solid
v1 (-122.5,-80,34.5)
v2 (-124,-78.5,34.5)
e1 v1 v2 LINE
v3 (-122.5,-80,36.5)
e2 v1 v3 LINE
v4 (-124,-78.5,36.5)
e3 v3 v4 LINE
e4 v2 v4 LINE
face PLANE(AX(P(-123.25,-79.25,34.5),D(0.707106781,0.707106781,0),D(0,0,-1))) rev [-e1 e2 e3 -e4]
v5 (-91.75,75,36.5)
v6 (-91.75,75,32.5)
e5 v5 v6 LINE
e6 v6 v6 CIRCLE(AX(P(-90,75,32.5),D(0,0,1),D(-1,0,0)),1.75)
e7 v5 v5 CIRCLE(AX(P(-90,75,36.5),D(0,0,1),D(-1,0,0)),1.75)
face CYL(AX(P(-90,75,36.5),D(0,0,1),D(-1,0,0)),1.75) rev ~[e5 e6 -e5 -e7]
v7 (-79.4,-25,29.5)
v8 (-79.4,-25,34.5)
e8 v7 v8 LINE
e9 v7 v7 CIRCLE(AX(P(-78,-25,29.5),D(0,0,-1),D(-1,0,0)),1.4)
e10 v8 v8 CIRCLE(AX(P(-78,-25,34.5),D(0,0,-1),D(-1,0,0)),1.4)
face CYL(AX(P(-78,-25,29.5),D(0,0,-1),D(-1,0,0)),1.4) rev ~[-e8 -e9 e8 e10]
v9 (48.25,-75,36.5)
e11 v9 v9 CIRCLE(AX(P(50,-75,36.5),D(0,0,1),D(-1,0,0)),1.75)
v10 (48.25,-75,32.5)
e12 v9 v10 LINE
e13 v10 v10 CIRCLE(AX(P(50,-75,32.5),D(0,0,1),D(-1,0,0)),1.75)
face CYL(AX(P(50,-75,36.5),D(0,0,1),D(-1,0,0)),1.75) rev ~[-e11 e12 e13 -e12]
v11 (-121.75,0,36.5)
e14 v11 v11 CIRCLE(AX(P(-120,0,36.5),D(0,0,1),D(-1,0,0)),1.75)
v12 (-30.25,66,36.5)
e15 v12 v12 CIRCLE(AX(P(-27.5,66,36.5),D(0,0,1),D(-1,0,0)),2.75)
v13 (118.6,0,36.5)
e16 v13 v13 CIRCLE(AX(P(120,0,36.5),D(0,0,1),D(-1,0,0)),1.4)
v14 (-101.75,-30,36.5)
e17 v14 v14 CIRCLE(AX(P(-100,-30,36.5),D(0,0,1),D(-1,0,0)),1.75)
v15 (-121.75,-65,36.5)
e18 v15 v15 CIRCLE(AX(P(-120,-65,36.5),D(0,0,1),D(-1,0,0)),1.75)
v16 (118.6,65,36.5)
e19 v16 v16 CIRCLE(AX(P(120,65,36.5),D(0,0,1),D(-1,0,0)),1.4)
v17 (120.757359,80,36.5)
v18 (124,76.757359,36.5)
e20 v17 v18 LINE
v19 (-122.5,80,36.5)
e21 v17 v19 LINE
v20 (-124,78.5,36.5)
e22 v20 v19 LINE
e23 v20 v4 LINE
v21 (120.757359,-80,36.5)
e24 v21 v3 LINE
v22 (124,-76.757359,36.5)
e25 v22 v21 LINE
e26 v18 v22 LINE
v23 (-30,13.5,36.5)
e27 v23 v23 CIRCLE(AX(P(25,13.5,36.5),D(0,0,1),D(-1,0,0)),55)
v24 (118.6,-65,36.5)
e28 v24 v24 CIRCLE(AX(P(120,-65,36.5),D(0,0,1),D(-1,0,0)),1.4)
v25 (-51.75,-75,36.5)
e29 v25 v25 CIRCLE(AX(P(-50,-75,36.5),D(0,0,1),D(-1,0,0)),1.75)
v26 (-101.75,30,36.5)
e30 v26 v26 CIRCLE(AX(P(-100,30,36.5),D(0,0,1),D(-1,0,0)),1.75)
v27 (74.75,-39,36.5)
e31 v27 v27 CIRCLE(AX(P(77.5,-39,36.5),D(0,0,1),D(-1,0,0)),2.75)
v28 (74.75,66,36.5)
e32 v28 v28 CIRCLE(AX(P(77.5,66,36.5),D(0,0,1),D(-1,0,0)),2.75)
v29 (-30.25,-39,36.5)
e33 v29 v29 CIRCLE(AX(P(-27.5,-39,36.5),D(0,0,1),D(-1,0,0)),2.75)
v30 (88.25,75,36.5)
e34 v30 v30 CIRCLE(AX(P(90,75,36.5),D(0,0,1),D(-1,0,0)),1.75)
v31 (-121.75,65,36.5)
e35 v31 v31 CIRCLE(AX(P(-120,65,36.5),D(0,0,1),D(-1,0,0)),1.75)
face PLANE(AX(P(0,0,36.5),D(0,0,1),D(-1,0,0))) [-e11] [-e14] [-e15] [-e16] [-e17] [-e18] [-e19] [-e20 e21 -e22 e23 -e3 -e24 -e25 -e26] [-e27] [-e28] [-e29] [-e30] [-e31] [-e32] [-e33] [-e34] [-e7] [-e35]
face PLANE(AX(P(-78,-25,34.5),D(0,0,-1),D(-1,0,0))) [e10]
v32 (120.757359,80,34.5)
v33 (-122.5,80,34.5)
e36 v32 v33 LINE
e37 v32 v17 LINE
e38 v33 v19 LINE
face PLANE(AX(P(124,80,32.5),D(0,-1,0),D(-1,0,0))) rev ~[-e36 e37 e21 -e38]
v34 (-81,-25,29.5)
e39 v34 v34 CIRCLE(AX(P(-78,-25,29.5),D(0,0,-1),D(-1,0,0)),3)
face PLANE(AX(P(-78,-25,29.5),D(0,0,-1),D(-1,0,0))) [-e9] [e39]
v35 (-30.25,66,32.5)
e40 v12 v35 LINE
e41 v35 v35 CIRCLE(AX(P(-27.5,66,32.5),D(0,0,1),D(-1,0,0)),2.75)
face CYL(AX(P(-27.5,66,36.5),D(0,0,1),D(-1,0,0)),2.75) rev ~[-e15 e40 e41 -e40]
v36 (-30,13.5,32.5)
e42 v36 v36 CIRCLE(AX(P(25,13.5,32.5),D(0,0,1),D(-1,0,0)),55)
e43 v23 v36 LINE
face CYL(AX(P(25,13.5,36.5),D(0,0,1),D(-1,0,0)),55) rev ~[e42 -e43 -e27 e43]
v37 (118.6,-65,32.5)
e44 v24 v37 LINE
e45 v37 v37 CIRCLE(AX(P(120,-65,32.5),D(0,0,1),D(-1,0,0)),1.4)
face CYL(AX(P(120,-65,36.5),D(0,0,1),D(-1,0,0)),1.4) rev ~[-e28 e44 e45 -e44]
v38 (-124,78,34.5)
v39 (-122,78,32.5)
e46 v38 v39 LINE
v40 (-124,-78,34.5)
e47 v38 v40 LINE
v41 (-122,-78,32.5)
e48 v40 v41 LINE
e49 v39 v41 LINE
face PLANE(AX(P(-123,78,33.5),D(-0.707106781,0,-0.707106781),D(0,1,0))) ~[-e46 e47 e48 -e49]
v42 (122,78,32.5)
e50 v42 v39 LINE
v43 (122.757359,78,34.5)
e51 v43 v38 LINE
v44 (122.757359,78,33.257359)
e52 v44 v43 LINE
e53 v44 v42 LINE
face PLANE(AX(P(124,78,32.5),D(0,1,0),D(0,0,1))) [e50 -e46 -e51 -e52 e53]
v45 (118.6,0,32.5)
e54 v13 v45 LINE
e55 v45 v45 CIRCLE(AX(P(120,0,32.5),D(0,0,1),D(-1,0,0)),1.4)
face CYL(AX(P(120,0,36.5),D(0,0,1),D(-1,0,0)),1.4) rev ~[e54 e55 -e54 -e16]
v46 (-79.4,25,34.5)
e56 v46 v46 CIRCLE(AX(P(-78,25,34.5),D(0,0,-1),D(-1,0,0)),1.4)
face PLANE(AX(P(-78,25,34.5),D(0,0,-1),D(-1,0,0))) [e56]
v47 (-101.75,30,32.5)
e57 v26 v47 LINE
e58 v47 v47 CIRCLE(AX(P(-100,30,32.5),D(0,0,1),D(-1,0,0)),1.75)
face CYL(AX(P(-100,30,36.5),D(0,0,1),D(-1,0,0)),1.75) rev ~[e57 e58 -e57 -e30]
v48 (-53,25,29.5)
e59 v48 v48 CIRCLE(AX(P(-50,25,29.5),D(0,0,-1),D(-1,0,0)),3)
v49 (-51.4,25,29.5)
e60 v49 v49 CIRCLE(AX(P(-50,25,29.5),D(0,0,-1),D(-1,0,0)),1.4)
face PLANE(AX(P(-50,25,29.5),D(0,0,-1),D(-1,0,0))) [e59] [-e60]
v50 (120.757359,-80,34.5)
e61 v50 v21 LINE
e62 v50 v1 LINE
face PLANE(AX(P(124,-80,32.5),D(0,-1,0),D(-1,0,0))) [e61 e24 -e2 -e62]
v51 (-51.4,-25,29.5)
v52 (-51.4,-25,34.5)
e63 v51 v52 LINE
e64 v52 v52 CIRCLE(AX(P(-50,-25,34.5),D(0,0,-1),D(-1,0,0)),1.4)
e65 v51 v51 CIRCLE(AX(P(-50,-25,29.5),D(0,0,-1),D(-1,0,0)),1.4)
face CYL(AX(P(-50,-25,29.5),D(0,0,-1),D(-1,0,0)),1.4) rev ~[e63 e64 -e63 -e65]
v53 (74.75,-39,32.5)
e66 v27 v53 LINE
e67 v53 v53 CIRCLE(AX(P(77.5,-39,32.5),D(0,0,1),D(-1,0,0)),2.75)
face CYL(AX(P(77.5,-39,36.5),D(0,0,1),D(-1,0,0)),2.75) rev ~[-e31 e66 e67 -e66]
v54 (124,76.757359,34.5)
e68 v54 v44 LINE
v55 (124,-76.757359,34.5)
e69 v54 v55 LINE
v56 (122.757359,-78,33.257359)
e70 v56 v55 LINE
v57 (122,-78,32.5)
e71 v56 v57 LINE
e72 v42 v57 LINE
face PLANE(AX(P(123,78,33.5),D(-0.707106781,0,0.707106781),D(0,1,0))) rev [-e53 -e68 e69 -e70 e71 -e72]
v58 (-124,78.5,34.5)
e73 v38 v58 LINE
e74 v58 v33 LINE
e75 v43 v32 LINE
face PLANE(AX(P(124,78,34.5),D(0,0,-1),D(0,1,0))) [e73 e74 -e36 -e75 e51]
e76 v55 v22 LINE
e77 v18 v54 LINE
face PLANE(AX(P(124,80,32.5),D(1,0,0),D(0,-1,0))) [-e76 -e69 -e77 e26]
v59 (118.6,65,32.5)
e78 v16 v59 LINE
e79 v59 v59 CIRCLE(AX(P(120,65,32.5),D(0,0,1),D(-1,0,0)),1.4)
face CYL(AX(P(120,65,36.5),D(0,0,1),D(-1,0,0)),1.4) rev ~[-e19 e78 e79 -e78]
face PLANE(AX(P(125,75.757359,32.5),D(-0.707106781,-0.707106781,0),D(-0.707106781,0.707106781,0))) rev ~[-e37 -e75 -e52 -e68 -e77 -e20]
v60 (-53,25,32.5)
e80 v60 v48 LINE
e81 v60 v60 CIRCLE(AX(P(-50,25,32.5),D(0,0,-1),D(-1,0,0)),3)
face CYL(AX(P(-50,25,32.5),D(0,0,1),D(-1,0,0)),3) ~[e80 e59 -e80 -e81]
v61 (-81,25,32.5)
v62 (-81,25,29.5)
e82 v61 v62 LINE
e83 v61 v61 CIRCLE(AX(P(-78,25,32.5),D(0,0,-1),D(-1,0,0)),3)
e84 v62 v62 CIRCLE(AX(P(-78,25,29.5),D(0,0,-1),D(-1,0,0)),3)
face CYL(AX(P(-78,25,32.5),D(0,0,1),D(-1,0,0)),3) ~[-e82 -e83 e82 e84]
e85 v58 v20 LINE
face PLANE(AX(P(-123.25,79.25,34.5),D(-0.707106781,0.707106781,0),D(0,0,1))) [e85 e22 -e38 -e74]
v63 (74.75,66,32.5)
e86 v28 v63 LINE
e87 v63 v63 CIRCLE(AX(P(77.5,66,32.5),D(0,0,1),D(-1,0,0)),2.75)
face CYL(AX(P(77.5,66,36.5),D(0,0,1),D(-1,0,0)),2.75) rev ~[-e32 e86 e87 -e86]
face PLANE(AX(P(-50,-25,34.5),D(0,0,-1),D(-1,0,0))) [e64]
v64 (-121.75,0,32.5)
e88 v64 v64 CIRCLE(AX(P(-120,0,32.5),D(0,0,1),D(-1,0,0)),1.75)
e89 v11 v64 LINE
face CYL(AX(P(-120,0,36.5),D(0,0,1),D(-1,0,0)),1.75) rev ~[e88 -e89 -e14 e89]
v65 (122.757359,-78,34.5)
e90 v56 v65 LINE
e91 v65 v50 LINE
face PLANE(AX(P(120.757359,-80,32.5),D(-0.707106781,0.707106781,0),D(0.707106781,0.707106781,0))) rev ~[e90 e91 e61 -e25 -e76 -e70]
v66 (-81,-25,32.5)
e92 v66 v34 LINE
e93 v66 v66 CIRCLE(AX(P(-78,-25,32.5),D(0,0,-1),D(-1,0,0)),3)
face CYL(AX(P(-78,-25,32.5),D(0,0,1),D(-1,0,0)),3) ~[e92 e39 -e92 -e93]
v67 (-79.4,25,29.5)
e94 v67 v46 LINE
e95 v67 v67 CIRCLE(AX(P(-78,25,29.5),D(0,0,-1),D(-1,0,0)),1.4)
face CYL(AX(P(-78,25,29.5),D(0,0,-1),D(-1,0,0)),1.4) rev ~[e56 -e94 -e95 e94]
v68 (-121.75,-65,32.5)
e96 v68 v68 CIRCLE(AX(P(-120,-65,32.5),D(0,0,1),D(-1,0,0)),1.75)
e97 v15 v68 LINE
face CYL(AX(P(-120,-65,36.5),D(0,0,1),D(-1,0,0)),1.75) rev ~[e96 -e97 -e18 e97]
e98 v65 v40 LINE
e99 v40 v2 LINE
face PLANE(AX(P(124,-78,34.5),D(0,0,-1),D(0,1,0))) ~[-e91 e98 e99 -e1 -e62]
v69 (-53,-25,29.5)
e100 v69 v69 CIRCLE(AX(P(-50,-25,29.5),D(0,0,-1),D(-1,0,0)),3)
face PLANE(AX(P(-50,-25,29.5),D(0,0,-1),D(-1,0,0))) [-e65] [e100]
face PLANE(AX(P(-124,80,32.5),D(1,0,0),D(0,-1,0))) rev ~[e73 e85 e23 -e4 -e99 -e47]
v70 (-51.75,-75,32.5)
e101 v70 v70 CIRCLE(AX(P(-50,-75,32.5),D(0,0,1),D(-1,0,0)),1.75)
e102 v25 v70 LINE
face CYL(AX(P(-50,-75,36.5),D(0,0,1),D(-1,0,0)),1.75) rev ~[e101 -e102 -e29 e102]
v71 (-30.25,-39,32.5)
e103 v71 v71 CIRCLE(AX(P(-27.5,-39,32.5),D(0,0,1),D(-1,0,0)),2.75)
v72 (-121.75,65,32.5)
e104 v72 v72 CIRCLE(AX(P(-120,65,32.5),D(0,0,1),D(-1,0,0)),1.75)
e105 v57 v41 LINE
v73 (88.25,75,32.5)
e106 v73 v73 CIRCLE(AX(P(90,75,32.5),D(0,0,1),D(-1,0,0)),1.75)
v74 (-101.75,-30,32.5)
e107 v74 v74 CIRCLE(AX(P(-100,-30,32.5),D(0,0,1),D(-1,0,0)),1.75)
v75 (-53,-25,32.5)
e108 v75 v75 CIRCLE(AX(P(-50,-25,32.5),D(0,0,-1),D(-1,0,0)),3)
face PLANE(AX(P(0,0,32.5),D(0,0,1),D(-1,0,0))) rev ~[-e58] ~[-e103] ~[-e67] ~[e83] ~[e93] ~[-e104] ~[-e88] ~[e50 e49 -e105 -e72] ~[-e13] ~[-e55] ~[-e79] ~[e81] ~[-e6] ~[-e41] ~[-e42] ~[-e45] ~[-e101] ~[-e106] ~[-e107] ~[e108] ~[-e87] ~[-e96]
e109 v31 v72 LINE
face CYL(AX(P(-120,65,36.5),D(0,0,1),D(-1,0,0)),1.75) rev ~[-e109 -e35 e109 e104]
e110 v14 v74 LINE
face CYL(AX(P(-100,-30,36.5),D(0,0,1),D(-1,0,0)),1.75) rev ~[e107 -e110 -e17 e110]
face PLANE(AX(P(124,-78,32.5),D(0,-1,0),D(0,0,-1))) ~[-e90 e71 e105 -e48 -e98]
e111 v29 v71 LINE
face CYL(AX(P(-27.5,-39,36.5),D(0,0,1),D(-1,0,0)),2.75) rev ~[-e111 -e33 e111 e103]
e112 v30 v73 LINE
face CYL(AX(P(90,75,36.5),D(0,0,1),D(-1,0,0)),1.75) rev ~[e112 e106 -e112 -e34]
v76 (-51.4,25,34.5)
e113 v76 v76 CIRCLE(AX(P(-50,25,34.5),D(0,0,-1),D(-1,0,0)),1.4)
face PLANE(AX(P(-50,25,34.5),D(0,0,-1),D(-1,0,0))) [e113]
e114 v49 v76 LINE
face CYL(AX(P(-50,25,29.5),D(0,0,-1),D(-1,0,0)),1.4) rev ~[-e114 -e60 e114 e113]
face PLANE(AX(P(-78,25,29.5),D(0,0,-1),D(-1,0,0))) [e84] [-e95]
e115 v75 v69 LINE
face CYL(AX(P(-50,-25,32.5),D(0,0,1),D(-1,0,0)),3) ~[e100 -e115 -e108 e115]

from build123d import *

# Parameters (mm, degrees)
SKETCH010_W             = 248
SKETCH010_H             = 160
PAD006_DEPTH            = 4
SKETCH013_R             = 55
SKETCH013_R_2           = 2.75
SKETCH013_R_3           = 1.75
SKETCH013_R_4           = 1.4
POCKET005_DEPTH         = 5
SKETCH050_W             = 2
SKETCH050_H             = 2
POCKET031_DEPTH         = 838.3229460599
CHAMFER_SIZE            = 2
POCKET037_DEPTH         = 5
CHAMFER034_SIZE         = 1.5
CHAMFER035_SIZE         = 2
SKETCH058_R             = 3
PAD024_DEPTH            = 3
SKETCH059_R             = 1.4
POCKET042_DEPTH         = 5
BODY005_PLACEMENT_ANGLE = 180


with BuildPart() as part:
    # Sketch010 → Pad006 (new body)
    with BuildSketch(Plane.XY):
        Rectangle(SKETCH010_W, SKETCH010_H)
    extrude(amount=PAD006_DEPTH)

    # Sketch013 (on Face6 of Pad006) → Pocket005 (cut)
    with BuildSketch(Plane.XY.offset(4)):
        with Locations((-25, -13.5)):
            Circle(SKETCH013_R)
        with Locations((-77.5, 39)):
            Circle(SKETCH013_R_2)
        with Locations((27.5, 39)):
            Circle(SKETCH013_R_2)
        with Locations((27.5, -66)):
            Circle(SKETCH013_R_2)
        with Locations((-77.5, -66)):
            Circle(SKETCH013_R_2)
        with Locations((-50, 75)):
            Circle(SKETCH013_R_3)
        with Locations((90, -75)):
            Circle(SKETCH013_R_3)
        with Locations((-90, -75)):
            Circle(SKETCH013_R_3)
        with Locations((120, 65)):
            Circle(SKETCH013_R_3)
        with Locations((120, -65)):
            Circle(SKETCH013_R_3)
        with Locations((-120, 65)):
            Circle(SKETCH013_R_4)
        with Locations((-120, -65)):
            Circle(SKETCH013_R_4)
        with Locations((100, 30)):
            Circle(SKETCH013_R_3)
        with Locations((100, -30)):
            Circle(SKETCH013_R_3)
        with Locations((50, 75)):
            Circle(SKETCH013_R_3)
        with Locations((-120, 0)):
            Circle(SKETCH013_R_4)
        with Locations((120, 0)):
            Circle(SKETCH013_R_3)
    extrude(amount=-POCKET005_DEPTH, mode=Mode.SUBTRACT)

    # Sketch050 (on Face2 of Pocket005) → Pocket031 (cut, through all)
    with BuildSketch(Plane(origin=(-124, 0, 0), x_dir=(0, -1, 0), z_dir=(-1, 0, 0))):
        with Locations((79, 1)):
            Rectangle(SKETCH050_W, SKETCH050_H)
    pocket031 = extrude(amount=-POCKET031_DEPTH, mode=Mode.SUBTRACT)

    # Mirrored004: Pocket031 across Sketch050 V_Axis
    add(pocket031.mirror(Plane(origin=(-124, 0, 0), x_dir=(-1, 0, 0), z_dir=(0, -1, 0))), mode=Mode.SUBTRACT)

    # Chamfer
    chamfer_edges = [part.edges().sort_by_distance(p)[0] for p in [
        (-124, 0, 0),
    ]]
    chamfer(chamfer_edges, length=CHAMFER_SIZE)

    # Sketch051 → Pocket037 (cut)
    with BuildSketch(Plane(origin=(0, 0, 0), x_dir=(1, 0, 0), z_dir=(0, 0, -1))):
        Polygon((-125, 75.7573593129), (-120.7573593129, 80), (-125, 80), align=None)
        Polygon((-120.7573593129, -80), (-125, -75.7573593129), (-125, -80), align=None)
    extrude(amount=-POCKET037_DEPTH, mode=Mode.SUBTRACT)

    # Chamfer034
    chamfer034_edges = [part.edges().sort_by_distance(p)[0] for p in [
        (124, -80, 3),
        (124, 80, 3),
    ]]
    chamfer(chamfer034_edges, length=CHAMFER034_SIZE)

    # Chamfer035
    chamfer035_edges = [part.edges().sort_by_distance(p)[0] for p in [
        (124, 0, 0),
    ]]
    chamfer(chamfer035_edges, length=CHAMFER035_SIZE)

    # Sketch058 (on Face9 of Chamfer035) → Pad024 (join)
    with BuildSketch(Plane(origin=(0, 0, 0), x_dir=(1, 0, 0), z_dir=(0, 0, -1))):
        with Locations((50, 25)):
            Circle(SKETCH058_R)
        with Locations((78, 25)):
            Circle(SKETCH058_R)
        with Locations((50, -25)):
            Circle(SKETCH058_R)
        with Locations((78, -25)):
            Circle(SKETCH058_R)
    extrude(amount=PAD024_DEPTH)

    # Sketch059 (on Face39 of Pad024) → Pocket042 (cut)
    with BuildSketch(Plane(origin=(0, 0, -3), x_dir=(1, 0, 0), z_dir=(0, 0, -1))):
        with Locations((50, 25)):
            Circle(SKETCH059_R)
        with Locations((78, 25)):
            Circle(SKETCH059_R)
        with Locations((50, -25)):
            Circle(SKETCH059_R)
        with Locations((78, -25)):
            Circle(SKETCH059_R)
    extrude(amount=-POCKET042_DEPTH, mode=Mode.SUBTRACT)


with BuildPart() as part_1:
    # Body005 placement: moved
    add(part.part.moved(Location((0, 0, 32.5))).rotate(Axis((0, 0, 32.5), (0, 0, 1)), BODY005_PLACEMENT_ANGLE))


solid = part_1.part
